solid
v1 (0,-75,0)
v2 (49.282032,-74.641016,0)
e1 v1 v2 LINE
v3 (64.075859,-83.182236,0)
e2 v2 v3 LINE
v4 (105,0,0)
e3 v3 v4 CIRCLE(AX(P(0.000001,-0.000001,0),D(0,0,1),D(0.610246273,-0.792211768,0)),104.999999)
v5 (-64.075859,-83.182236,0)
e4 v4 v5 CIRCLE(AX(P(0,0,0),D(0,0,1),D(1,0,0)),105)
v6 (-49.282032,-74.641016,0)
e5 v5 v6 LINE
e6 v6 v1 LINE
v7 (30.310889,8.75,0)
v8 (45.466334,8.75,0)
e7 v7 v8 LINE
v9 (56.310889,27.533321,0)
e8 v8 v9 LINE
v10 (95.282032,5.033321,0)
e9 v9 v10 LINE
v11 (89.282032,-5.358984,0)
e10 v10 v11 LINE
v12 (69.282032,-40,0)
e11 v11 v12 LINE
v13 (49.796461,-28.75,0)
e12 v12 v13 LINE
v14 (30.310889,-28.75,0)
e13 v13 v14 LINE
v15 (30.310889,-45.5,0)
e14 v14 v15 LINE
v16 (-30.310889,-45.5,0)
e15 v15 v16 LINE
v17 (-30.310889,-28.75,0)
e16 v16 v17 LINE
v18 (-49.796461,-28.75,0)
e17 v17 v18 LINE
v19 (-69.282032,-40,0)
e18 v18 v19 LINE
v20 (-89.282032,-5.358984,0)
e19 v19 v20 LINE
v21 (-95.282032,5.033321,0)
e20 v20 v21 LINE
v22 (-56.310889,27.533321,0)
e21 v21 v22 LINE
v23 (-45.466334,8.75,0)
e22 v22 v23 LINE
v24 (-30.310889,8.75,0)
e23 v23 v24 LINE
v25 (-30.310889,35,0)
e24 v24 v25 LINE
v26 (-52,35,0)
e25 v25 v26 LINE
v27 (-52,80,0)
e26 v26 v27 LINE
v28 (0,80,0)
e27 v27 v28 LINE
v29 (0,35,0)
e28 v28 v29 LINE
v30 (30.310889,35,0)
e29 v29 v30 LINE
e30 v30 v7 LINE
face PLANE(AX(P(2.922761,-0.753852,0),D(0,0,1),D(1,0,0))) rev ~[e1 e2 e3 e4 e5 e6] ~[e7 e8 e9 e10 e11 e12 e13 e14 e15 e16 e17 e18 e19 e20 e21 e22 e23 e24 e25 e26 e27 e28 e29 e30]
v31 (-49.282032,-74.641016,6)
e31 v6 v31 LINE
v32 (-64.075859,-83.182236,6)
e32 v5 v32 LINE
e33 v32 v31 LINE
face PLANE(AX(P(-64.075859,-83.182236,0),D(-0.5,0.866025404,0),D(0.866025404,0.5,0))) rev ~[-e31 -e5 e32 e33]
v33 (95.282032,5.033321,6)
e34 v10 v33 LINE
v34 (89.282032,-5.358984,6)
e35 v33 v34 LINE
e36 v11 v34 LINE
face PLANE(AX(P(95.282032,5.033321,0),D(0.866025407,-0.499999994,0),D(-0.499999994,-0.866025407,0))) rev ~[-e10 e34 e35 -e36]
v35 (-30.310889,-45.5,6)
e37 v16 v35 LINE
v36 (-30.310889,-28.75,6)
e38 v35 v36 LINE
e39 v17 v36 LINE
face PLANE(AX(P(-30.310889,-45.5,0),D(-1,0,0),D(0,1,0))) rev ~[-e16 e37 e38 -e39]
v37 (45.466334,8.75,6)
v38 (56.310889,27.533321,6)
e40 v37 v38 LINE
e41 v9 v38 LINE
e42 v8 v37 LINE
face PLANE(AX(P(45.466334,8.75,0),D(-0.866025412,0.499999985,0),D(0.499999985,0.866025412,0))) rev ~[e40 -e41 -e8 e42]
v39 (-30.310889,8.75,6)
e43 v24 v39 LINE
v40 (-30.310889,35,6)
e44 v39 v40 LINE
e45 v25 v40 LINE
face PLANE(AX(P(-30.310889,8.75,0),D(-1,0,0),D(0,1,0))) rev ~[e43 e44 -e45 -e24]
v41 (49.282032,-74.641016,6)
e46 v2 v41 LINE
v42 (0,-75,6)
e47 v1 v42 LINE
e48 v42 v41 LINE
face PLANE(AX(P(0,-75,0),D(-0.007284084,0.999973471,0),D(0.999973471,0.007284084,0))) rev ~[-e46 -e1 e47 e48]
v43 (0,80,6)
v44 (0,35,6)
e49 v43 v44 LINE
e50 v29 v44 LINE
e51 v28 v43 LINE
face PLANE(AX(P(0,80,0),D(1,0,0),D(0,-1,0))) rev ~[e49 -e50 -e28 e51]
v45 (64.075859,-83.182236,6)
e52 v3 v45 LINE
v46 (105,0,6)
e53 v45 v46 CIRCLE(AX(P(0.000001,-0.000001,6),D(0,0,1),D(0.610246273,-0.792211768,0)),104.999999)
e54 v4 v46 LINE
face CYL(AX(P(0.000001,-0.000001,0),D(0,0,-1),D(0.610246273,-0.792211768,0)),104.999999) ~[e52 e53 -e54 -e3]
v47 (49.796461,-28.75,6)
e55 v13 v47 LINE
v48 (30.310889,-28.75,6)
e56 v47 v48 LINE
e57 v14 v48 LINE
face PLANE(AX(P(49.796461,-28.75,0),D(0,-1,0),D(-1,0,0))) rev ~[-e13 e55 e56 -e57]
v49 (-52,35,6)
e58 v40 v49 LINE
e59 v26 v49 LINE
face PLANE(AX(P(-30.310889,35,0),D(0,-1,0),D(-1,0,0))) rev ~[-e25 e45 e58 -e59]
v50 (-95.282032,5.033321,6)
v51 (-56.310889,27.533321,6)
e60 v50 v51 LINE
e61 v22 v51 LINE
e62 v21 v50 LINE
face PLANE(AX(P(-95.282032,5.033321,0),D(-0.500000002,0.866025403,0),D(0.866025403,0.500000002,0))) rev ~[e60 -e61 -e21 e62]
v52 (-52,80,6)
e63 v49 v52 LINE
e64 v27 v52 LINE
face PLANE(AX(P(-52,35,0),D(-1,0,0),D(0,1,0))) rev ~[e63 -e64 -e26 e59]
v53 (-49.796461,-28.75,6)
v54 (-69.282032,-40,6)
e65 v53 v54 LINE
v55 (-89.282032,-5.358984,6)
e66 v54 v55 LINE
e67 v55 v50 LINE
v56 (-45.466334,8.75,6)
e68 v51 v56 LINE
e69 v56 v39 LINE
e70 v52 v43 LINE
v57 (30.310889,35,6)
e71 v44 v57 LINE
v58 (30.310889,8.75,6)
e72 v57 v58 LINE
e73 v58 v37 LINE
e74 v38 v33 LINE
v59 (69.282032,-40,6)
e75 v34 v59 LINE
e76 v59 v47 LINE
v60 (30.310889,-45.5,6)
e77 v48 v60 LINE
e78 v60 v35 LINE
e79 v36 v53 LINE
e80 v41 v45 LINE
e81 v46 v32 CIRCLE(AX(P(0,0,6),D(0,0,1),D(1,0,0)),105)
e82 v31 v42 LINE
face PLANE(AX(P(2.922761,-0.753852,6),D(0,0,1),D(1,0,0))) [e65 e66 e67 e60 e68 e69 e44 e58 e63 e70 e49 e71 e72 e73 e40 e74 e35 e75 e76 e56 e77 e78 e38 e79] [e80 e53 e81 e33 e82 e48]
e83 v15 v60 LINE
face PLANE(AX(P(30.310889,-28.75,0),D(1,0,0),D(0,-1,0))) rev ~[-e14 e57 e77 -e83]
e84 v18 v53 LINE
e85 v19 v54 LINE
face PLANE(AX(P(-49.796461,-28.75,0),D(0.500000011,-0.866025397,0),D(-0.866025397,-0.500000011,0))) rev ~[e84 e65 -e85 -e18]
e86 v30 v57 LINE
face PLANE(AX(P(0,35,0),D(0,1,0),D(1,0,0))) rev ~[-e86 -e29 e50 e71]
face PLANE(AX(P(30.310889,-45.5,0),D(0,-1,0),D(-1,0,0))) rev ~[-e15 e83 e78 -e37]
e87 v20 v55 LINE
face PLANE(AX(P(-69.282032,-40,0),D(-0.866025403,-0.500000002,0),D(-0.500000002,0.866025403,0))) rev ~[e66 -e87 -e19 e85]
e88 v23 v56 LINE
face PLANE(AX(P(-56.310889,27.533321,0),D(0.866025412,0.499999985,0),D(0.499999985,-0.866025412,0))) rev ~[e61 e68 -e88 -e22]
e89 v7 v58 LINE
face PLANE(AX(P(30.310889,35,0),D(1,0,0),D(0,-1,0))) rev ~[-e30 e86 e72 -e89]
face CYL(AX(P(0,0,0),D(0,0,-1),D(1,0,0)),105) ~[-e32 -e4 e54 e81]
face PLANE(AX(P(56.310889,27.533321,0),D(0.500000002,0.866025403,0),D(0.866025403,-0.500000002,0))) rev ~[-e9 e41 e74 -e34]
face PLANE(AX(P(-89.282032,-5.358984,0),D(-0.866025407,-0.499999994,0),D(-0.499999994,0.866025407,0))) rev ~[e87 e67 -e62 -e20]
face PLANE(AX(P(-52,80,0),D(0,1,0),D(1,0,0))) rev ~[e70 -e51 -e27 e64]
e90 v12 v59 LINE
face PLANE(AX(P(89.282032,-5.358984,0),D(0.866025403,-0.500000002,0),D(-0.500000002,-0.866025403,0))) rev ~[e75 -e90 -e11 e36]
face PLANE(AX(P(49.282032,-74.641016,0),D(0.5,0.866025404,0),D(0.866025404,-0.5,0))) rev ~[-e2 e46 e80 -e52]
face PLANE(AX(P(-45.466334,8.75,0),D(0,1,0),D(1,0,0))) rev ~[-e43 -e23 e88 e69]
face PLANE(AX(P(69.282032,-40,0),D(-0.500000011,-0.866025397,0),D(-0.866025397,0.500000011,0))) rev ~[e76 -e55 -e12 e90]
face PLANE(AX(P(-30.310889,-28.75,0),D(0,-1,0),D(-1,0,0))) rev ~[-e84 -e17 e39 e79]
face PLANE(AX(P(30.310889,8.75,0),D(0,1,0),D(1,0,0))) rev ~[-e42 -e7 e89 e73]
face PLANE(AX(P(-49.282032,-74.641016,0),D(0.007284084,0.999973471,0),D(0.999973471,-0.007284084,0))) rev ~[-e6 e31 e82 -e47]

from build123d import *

# Parameters (mm, degrees)
F1_DEPTH = 6


with BuildPart() as f1:
    # F0 (on Top) → F1 (new body)
    with BuildSketch(Plane.XY):
        with BuildLine():
            ThreePointArc((64.075859, -83.182236), (94.215087, -46.352103), (105, 0))
            ThreePointArc((105, 0), (-46.352103, 94.215087), (-64.075859, -83.182236))
            Line((-64.075859, -83.182236), (-49.282032, -74.641016))
            Line((-49.282032, -74.641016), (0, -75))
            Line((0, -75), (49.282032, -74.641016))
            Line((49.282032, -74.641016), (64.075859, -83.182236))
        make_face()
        Polygon((-49.796461, -28.75), (-69.282032, -40), (-89.282032, -5.358984), (-95.282032, 5.033321), (-56.310889, 27.533321), (-45.466334, 8.75), (-30.310889, 8.75), (-30.310889, 35), (-52, 35), (-52, 80), (0, 80), (0, 35), (30.310889, 35), (30.310889, 8.75), (45.466334, 8.75), (56.310889, 27.533321), (95.282032, 5.033321), (89.282032, -5.358984), (69.282032, -40), (49.796461, -28.75), (30.310889, -28.75), (30.310889, -45.5), (-30.310889, -45.5), (-30.310889, -28.75), align=None, mode=Mode.SUBTRACT)
    extrude(amount=F1_DEPTH)


solid = f1.part
